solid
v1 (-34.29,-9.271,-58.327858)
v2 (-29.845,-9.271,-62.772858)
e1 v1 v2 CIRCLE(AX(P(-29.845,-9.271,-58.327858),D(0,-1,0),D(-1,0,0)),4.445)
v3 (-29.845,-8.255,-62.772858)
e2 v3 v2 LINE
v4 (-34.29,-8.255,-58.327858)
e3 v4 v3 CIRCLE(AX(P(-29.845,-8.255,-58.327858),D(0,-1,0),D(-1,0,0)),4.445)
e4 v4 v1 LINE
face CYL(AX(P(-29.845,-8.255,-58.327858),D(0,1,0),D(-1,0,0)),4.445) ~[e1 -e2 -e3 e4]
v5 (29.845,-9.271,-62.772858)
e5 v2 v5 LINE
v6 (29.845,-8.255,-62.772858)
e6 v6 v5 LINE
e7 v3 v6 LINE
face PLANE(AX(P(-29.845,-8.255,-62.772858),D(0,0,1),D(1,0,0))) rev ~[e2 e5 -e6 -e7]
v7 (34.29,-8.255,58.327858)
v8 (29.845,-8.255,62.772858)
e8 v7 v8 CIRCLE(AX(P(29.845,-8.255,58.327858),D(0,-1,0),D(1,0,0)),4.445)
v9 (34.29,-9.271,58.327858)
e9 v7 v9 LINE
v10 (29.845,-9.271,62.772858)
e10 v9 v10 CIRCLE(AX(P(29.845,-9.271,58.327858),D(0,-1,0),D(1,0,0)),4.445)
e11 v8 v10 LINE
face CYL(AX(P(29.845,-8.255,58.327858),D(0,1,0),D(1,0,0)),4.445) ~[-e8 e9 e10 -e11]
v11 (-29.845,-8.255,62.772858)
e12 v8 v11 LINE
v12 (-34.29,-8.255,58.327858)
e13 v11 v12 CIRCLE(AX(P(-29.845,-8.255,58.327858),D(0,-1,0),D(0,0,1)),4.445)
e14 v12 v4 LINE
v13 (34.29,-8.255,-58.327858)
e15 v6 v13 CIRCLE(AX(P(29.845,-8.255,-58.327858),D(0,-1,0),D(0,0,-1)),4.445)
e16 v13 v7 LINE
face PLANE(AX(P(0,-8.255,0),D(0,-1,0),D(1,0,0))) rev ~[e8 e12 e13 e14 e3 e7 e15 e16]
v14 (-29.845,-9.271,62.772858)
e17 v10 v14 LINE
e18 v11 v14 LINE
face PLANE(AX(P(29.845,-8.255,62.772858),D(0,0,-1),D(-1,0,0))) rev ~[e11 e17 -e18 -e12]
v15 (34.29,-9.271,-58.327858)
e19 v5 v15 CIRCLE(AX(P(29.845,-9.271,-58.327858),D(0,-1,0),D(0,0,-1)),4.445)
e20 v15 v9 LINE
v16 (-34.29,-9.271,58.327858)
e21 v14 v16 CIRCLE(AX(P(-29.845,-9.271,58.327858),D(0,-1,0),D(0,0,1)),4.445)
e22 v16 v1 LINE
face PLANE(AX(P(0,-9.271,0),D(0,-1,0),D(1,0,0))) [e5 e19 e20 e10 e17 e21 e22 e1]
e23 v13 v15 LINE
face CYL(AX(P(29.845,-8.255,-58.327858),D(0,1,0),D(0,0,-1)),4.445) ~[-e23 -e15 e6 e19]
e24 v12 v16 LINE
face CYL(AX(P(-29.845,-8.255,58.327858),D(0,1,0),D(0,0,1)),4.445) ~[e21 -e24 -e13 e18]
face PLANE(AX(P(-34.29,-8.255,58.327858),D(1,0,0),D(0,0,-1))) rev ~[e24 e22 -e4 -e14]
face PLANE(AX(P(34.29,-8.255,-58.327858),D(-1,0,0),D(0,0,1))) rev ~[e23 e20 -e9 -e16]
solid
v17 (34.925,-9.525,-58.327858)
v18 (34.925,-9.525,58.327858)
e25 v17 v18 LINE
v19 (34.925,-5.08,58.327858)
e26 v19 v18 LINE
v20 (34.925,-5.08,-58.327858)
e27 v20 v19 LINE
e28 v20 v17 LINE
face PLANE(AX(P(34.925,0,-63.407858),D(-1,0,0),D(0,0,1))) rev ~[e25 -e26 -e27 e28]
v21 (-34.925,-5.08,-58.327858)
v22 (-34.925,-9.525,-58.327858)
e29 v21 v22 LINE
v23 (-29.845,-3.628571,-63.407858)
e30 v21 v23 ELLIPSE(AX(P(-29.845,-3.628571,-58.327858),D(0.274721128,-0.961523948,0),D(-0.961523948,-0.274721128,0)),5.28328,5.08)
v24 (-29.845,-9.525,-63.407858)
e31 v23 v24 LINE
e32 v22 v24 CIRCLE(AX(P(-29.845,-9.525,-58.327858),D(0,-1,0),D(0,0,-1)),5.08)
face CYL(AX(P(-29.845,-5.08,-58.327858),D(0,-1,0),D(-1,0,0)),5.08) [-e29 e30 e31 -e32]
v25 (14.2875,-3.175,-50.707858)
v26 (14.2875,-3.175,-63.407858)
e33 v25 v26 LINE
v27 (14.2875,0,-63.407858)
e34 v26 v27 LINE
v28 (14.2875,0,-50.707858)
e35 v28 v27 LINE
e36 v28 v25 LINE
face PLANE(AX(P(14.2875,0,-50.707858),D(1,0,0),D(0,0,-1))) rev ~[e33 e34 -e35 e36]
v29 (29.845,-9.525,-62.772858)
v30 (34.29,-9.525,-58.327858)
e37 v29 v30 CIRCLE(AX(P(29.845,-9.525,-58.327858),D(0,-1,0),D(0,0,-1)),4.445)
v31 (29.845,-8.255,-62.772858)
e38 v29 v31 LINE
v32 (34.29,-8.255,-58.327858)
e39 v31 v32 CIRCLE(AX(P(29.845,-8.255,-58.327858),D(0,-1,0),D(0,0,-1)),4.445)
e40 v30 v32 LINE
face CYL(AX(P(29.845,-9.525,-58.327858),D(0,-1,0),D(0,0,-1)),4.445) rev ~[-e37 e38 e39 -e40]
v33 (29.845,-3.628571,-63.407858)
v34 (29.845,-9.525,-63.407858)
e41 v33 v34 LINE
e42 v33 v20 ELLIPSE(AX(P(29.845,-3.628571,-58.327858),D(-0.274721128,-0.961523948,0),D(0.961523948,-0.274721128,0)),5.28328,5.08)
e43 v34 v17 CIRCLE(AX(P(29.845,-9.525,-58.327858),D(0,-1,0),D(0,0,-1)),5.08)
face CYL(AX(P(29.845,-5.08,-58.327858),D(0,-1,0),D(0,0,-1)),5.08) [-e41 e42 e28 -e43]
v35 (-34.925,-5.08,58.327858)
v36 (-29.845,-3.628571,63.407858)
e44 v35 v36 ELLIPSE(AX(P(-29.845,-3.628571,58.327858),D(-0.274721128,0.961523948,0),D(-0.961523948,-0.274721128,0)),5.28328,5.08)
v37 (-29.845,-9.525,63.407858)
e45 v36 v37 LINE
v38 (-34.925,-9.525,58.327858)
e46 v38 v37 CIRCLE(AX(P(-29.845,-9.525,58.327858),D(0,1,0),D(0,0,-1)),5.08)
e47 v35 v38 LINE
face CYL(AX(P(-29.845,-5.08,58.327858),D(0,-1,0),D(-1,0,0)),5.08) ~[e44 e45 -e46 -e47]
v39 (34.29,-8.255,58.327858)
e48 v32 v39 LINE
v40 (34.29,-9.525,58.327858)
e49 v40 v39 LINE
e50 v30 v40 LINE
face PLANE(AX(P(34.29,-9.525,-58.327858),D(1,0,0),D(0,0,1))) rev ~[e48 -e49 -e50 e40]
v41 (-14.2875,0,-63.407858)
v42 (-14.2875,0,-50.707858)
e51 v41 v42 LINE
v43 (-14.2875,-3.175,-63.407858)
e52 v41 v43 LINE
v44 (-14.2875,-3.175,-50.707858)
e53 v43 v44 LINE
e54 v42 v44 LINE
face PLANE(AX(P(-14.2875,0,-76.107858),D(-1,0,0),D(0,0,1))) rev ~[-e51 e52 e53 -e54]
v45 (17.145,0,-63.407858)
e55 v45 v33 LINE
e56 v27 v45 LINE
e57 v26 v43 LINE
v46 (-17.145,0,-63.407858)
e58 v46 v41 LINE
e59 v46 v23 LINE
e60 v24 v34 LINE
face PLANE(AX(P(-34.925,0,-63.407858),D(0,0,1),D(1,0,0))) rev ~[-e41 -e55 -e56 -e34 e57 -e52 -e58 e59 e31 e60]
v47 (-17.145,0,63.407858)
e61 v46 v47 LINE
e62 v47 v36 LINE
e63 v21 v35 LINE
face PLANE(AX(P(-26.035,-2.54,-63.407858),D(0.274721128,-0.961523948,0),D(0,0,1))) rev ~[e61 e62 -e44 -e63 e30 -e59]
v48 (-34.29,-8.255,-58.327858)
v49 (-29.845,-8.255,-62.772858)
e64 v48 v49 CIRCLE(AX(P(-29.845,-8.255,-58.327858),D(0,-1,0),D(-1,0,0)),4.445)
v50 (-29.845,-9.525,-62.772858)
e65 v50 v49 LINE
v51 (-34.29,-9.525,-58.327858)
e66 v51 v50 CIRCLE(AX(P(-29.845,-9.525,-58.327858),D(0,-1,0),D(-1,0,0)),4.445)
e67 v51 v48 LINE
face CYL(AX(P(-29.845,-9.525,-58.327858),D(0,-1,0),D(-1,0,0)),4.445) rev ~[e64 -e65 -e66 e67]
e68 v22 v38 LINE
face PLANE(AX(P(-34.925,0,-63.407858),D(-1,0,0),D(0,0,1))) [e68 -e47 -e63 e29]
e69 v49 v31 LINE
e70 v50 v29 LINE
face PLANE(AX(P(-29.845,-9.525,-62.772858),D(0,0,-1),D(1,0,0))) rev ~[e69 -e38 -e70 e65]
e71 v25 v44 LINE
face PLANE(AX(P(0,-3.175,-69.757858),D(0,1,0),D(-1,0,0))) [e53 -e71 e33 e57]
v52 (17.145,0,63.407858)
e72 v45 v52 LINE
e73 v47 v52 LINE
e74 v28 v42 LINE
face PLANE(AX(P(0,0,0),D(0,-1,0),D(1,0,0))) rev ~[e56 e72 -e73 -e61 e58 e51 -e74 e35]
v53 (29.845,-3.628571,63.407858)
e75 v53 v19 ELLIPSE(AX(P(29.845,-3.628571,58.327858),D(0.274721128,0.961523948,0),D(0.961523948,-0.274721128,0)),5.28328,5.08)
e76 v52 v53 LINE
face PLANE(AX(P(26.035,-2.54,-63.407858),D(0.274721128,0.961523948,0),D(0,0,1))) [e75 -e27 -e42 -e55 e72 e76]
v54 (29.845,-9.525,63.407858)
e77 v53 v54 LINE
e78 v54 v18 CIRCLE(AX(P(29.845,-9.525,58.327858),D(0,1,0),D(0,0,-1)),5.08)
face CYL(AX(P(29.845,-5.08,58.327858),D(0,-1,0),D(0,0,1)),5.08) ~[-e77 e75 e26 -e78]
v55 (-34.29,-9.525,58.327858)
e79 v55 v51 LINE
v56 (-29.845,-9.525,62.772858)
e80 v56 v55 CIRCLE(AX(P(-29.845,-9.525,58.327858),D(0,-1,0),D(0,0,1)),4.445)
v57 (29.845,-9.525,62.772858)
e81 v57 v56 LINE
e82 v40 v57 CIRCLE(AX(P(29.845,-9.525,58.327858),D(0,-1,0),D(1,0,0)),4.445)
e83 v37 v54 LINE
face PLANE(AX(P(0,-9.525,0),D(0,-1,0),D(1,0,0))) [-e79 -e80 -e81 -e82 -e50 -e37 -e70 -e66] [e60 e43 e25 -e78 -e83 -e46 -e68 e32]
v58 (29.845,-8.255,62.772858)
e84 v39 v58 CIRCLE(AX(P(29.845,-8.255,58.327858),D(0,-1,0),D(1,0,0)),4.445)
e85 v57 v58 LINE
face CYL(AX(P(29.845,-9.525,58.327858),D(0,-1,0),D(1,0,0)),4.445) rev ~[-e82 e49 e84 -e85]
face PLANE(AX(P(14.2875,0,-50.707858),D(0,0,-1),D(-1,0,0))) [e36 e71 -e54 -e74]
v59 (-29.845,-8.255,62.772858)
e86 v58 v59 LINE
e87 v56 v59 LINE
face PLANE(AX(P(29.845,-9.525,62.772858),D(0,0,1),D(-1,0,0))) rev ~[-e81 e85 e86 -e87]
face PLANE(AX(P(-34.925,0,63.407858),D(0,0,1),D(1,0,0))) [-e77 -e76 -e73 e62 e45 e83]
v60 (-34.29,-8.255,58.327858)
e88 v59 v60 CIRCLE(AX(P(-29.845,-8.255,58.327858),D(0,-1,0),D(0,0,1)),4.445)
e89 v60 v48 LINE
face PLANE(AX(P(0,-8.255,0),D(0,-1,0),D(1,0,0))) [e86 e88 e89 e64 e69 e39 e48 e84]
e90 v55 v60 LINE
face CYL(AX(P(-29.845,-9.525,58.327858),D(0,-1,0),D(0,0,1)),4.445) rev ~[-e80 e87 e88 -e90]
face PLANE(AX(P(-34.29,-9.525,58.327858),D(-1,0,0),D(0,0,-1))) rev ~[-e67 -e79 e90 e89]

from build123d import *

# Parameters (mm, degrees)
F0_W     = 69.85
F0_H     = 126.8157162973
F1_DEPTH = 9.525
F2_SIZE2 = 5.08
F2_SIZE  = 17.78
F3_R     = 5.08
F5_DEPTH = 1.27
F6_DEPTH = 1.016
F7_W     = 28.575
F7_H     = 12.7
F8_DEPTH = 3.175


with BuildPart() as f1:
    # F0 (on Front) → F1 (new body)
    with BuildSketch(Plane.XZ):
        Rectangle(F0_W, F0_H)
    extrude(amount=F1_DEPTH)

    # F2
    f2_edges = [f1.edges().sort_by_distance(p)[0] for p in [
        (34.925, 0, 0),
        (-34.925, 0, 0),
    ]]
    f2_side = f1.faces().sort_by_distance((0, 0, 0))[0]
    chamfer(f2_edges, length=F2_SIZE, length2=F2_SIZE2, reference=f2_side)

    # F3
    f3_edges = [f1.edges().sort_by_distance(p)[0] for p in [
        (34.925, -7.3025, 63.407858),
        (-34.925, -7.3025, 63.407858),
        (-34.925, -7.3025, -63.407858),
        (34.925, -7.3025, -63.407858),
    ]]
    fillet(f3_edges, radius=F3_R)

    # F4 (on face) → F5 (cut)
    with BuildSketch(Plane.XZ.offset(9.525)):
        with BuildLine():
            Line((-29.845, -62.7728581487), (29.845, -62.7728581487))
            ThreePointArc((29.845, -62.7728581487), (32.9880896424, -61.470947791), (34.29, -58.3278581487))
            Line((34.29, -58.3278581487), (34.29, 58.3278581487))
            ThreePointArc((34.29, 58.3278581487), (32.9880896424, 61.470947791), (29.845, 62.7728581487))
            Line((29.845, 62.7728581487), (-29.845, 62.7728581487))
            ThreePointArc((-29.845, 62.7728581487), (-32.9880896424, 61.470947791), (-34.29, 58.3278581487))
            Line((-34.29, 58.3278581487), (-34.29, -58.3278581487))
            ThreePointArc((-34.29, -58.3278581487), (-32.9880896424, -61.470947791), (-29.845, -62.7728581487))
        make_face()
    extrude(amount=-F5_DEPTH, mode=Mode.SUBTRACT)


with BuildPart() as f6:
    # F6 (new): a face of the model
    f6_faces = [f1.part.faces().sort_by_distance(p)[0] for p in [
        (0, -8.255, 0),
    ]]
    extrude(f6_faces, amount=F6_DEPTH)


with BuildPart() as f1_1:
    add(f1.part)

    # F7 (on face) → F8 (cut)
    with BuildSketch(Plane(origin=(0, 0, 0), x_dir=(-1, 0, 0), z_dir=(0, 1, 0))):
        with Locations((0, -69.7578581487)):
            Rectangle(F7_W, F7_H)
        with Locations((0, -57.0578581487)):
            Rectangle(F7_W, F7_H)
    extrude(amount=-F8_DEPTH, mode=Mode.SUBTRACT)


solid = Compound([f6.part, f1_1.part])
